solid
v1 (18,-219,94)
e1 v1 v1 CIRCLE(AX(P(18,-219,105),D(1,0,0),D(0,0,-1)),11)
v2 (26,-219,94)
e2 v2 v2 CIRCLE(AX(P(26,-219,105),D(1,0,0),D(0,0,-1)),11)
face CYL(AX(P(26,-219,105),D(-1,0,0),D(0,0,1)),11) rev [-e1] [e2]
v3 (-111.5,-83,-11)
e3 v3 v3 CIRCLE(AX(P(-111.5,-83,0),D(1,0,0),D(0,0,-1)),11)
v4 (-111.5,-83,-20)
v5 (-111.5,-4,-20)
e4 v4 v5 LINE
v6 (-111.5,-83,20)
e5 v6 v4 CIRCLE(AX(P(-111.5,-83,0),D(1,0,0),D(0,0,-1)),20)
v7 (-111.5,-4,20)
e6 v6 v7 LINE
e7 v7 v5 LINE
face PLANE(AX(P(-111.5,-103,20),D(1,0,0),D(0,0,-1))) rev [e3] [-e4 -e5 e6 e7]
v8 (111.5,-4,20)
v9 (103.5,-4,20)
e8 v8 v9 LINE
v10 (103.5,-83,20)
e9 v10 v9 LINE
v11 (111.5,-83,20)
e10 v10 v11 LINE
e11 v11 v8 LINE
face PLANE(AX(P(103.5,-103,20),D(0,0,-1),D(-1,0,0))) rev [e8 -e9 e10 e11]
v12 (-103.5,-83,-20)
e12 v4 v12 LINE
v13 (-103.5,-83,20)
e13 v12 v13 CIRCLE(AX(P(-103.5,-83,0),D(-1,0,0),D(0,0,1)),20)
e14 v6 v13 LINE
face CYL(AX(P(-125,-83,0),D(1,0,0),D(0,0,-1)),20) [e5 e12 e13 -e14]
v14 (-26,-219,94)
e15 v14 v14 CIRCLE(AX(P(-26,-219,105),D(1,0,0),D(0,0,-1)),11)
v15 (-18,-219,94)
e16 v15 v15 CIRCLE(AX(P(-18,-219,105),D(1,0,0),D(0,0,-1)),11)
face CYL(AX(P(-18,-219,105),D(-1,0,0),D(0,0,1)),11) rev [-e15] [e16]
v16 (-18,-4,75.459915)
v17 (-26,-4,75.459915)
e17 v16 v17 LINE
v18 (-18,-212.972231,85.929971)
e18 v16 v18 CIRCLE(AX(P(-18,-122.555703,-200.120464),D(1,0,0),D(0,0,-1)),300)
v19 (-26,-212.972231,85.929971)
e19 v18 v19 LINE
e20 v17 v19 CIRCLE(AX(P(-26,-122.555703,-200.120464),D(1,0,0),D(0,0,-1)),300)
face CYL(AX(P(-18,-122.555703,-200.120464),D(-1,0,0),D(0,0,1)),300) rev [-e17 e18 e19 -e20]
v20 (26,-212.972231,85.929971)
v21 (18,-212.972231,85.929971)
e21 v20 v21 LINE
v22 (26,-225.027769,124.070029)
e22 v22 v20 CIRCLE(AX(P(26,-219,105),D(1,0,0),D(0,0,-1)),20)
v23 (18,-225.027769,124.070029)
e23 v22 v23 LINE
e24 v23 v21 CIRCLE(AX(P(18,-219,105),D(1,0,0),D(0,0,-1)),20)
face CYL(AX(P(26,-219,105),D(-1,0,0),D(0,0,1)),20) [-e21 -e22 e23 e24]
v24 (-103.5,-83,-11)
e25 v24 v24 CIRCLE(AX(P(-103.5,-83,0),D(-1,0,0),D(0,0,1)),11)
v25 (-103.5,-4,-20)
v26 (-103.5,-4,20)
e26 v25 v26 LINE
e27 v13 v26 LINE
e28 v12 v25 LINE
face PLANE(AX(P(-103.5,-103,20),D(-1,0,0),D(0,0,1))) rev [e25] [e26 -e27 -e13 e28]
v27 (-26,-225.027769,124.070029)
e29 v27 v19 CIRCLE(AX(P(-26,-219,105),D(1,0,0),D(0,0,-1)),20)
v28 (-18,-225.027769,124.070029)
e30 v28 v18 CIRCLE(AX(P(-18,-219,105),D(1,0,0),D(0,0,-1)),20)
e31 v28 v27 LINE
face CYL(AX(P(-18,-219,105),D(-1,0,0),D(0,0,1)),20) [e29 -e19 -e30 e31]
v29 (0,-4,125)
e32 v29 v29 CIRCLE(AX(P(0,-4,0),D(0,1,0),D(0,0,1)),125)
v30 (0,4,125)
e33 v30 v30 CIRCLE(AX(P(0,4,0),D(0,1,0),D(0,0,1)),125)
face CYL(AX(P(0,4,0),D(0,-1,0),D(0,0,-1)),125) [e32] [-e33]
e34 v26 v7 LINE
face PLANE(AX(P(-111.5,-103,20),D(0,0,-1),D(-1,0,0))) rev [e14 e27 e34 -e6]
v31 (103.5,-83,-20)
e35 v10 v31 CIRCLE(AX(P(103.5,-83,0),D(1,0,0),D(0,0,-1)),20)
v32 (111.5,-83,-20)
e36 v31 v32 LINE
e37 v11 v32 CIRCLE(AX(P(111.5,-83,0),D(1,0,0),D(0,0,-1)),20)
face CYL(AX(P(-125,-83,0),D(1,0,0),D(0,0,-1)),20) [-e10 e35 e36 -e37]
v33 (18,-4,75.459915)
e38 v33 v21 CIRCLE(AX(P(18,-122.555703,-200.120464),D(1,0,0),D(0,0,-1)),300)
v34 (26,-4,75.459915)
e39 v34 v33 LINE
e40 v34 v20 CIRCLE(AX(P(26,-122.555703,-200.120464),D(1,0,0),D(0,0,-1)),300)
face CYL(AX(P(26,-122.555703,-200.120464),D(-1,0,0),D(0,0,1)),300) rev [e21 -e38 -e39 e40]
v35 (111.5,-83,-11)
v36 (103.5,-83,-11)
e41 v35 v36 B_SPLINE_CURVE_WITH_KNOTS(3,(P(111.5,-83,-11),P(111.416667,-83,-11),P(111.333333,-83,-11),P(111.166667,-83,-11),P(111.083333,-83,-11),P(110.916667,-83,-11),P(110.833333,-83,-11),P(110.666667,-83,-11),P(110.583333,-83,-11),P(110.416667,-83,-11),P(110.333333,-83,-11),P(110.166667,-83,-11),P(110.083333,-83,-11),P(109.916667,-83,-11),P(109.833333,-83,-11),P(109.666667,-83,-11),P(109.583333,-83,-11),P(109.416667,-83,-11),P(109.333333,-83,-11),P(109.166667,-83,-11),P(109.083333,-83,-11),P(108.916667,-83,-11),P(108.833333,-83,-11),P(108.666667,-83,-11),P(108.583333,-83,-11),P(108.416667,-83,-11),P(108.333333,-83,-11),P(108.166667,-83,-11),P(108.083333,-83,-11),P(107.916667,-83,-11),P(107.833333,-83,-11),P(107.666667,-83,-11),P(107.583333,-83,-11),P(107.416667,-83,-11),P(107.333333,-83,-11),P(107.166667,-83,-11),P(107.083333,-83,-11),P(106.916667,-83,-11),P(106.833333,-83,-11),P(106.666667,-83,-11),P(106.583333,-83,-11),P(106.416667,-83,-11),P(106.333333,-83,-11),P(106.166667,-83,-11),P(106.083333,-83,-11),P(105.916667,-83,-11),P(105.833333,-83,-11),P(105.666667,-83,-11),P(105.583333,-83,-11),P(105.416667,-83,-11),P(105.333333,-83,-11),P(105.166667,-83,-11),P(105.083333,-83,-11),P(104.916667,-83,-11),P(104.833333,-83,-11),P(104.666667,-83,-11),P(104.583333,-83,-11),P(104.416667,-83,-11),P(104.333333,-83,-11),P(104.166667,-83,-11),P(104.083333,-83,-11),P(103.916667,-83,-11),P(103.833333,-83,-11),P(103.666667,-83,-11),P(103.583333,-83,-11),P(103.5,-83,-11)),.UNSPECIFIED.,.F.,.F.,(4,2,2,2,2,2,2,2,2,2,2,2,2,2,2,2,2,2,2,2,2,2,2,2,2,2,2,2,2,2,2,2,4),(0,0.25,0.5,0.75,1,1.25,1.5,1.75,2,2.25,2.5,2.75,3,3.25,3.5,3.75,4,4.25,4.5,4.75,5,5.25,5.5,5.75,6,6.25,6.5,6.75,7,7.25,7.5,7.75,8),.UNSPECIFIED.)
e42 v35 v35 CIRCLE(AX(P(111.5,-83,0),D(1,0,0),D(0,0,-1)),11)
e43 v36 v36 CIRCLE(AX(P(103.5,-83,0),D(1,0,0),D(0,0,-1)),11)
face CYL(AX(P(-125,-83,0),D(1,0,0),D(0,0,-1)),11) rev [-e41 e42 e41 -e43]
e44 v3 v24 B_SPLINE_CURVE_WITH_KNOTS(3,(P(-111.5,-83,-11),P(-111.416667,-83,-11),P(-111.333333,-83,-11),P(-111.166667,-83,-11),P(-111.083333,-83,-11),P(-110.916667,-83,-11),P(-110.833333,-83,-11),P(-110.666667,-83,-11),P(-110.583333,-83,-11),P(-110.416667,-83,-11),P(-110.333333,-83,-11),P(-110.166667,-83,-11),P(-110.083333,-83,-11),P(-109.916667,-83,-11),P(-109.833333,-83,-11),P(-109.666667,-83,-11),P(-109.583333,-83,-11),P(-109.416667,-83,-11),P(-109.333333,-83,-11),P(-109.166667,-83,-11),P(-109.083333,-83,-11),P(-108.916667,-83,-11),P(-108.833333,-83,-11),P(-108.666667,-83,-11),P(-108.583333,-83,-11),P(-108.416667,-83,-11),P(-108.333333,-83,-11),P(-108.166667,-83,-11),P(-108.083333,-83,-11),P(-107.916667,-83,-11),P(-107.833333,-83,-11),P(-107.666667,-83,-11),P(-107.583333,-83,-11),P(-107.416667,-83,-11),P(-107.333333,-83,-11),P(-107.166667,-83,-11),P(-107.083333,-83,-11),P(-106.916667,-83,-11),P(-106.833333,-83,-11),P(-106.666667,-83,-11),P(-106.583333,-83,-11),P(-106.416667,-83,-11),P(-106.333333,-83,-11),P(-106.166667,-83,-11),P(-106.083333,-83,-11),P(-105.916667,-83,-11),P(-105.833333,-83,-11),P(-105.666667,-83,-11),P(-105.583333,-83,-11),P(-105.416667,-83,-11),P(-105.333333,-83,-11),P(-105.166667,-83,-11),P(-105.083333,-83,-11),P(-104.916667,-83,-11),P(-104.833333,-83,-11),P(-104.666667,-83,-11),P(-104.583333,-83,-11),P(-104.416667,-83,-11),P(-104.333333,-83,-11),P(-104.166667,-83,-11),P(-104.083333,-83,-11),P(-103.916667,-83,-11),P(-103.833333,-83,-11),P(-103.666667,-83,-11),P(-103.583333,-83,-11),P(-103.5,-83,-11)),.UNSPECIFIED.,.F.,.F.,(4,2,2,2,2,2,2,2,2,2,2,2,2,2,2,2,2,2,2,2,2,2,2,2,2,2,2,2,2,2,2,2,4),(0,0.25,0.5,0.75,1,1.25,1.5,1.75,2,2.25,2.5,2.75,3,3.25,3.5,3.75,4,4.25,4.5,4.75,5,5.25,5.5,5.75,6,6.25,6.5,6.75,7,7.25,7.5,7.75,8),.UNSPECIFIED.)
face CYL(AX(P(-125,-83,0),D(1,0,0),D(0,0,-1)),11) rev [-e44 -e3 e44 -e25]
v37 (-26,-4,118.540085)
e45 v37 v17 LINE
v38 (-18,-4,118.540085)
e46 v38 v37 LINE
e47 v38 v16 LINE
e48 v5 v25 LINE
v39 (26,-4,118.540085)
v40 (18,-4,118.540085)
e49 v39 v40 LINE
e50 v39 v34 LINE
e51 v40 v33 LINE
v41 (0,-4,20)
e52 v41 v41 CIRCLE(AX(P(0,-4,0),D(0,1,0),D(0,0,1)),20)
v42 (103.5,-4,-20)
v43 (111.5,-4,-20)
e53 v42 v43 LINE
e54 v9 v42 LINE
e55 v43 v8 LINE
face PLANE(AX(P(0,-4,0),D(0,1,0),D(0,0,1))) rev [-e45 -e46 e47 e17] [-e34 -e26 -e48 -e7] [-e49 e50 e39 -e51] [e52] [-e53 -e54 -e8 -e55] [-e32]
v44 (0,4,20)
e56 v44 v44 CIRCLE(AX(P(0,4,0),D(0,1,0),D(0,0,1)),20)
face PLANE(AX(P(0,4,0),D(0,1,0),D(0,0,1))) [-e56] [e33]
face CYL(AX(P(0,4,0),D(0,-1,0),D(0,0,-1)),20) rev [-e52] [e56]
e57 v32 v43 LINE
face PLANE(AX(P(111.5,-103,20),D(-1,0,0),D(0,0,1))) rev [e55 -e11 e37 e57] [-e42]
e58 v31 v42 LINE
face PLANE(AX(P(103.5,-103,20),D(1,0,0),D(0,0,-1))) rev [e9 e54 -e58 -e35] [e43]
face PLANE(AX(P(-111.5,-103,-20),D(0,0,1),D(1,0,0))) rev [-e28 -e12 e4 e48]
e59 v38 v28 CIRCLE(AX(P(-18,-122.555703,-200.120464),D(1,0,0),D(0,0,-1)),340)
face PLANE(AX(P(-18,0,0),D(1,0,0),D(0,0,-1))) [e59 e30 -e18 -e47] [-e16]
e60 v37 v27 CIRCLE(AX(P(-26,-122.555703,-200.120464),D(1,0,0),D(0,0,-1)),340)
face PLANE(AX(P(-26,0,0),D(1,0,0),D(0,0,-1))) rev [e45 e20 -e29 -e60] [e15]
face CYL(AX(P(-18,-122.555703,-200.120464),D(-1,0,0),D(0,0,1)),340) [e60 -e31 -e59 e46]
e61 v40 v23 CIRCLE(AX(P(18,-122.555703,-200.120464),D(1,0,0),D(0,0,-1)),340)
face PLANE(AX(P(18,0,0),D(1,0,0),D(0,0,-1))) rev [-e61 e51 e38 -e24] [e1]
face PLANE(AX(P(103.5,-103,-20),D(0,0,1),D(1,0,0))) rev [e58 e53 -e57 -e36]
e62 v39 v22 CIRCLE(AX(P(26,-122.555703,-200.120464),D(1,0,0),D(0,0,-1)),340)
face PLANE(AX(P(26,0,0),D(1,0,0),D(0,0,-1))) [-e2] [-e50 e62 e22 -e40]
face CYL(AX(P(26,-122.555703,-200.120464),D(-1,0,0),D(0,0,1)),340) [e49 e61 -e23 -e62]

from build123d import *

# Parameters (mm, degrees)
SKETCH1_R           = 125
SKETCH1_R_2         = 20
BOSS_EXTRUDE1_DEPTH = 4
SKETCH2_W           = 8
SKETCH2_H           = 40
BOSS_EXTRUDE2_DEPTH = 99
SKETCH3_R           = 11
CUT_EXTRUDE1_DEPTH  = 287.646559372
BOSS_EXTRUDE3_START = 22
SKETCH5_R           = 11
BOSS_EXTRUDE3_DEPTH = 4
BOSS_EXTRUDE4_START = -22
SKETCH5_3_R         = 11
BOSS_EXTRUDE4_DEPTH = 4


with BuildPart() as part:
    # Sketch1 → Boss-Extrude1 (new, symmetric)
    with BuildSketch(Plane(origin=(0, 0, 0), x_dir=(1, 0, 0), z_dir=(0, 1, 0))):
        Circle(SKETCH1_R)
        Circle(SKETCH1_R_2, mode=Mode.SUBTRACT)
    extrude(amount=BOSS_EXTRUDE1_DEPTH, both=True)

    # Sketch2 → Boss-Extrude2 (add)
    with BuildSketch(Plane.XZ.offset(4)):
        with Locations((107.5, 0)):
            Rectangle(SKETCH2_W, SKETCH2_H)
        with Locations((-107.5, 0)):
            Rectangle(SKETCH2_W, SKETCH2_H)
    extrude(amount=BOSS_EXTRUDE2_DEPTH)

    # Sketch3 → Cut-Extrude1 (cut, through all)
    with BuildSketch(Plane(origin=(111.5, 0, 0), x_dir=(0, 0, -1), z_dir=(1, 0, 0))):
        with Locations((0, -83)):
            Circle(SKETCH3_R)
        with BuildLine():
            Line((20, -103), (20, -83))
            ThreePointArc((20, -83), (14.142135624, -97.142135624), (0, -103))
            Line((0, -103), (20, -103))
        make_face()
        with BuildLine():
            ThreePointArc((0, -103), (-14.142135624, -97.142135624), (-20, -83))
            Line((-20, -83), (-20, -103))
            Line((-20, -103), (0, -103))
        make_face()
    extrude(amount=-CUT_EXTRUDE1_DEPTH, mode=Mode.SUBTRACT)

    # Sketch5 → Boss-Extrude3 (add, symmetric)
    with BuildSketch(Plane(origin=(0, 0, 0), x_dir=(0, 0, -1), z_dir=(1, 0, 0)).offset(BOSS_EXTRUDE3_START)):
        with BuildLine():
            ThreePointArc((-118.540084836, -4), (-139.773172479, -114.051826294), (-124.070028997, -225.02776858))
            ThreePointArc((-124.070028997, -225.02776858), (-98.97223142, -238.070028997), (-85.929971003, -212.97223142))
            ThreePointArc((-85.929971003, -212.97223142), (-99.503702638, -107.543747619), (-75.459915164, -4))
            Line((-75.459915164, -4), (-118.540084836, -4))
        make_face()
        with Locations((-105, -219)):
            Circle(SKETCH5_R, mode=Mode.SUBTRACT)
    extrude(amount=BOSS_EXTRUDE3_DEPTH, both=True)

    # Sketch5<3> → Boss-Extrude4 (add, symmetric)
    with BuildSketch(Plane(origin=(0, 0, 0), x_dir=(0, 0, -1), z_dir=(1, 0, 0)).offset(BOSS_EXTRUDE4_START)):
        with BuildLine():
            ThreePointArc((-118.540084836, -4), (-139.773172479, -114.051826294), (-124.070028997, -225.02776858))
            ThreePointArc((-124.070028997, -225.02776858), (-98.97223142, -238.070028997), (-85.929971003, -212.97223142))
            ThreePointArc((-85.929971003, -212.97223142), (-99.503702638, -107.543747619), (-75.459915164, -4))
            Line((-75.459915164, -4), (-118.540084836, -4))
        make_face()
        with Locations((-105, -219)):
            Circle(SKETCH5_3_R, mode=Mode.SUBTRACT)
    extrude(amount=BOSS_EXTRUDE4_DEPTH, both=True)


solid = part.part
